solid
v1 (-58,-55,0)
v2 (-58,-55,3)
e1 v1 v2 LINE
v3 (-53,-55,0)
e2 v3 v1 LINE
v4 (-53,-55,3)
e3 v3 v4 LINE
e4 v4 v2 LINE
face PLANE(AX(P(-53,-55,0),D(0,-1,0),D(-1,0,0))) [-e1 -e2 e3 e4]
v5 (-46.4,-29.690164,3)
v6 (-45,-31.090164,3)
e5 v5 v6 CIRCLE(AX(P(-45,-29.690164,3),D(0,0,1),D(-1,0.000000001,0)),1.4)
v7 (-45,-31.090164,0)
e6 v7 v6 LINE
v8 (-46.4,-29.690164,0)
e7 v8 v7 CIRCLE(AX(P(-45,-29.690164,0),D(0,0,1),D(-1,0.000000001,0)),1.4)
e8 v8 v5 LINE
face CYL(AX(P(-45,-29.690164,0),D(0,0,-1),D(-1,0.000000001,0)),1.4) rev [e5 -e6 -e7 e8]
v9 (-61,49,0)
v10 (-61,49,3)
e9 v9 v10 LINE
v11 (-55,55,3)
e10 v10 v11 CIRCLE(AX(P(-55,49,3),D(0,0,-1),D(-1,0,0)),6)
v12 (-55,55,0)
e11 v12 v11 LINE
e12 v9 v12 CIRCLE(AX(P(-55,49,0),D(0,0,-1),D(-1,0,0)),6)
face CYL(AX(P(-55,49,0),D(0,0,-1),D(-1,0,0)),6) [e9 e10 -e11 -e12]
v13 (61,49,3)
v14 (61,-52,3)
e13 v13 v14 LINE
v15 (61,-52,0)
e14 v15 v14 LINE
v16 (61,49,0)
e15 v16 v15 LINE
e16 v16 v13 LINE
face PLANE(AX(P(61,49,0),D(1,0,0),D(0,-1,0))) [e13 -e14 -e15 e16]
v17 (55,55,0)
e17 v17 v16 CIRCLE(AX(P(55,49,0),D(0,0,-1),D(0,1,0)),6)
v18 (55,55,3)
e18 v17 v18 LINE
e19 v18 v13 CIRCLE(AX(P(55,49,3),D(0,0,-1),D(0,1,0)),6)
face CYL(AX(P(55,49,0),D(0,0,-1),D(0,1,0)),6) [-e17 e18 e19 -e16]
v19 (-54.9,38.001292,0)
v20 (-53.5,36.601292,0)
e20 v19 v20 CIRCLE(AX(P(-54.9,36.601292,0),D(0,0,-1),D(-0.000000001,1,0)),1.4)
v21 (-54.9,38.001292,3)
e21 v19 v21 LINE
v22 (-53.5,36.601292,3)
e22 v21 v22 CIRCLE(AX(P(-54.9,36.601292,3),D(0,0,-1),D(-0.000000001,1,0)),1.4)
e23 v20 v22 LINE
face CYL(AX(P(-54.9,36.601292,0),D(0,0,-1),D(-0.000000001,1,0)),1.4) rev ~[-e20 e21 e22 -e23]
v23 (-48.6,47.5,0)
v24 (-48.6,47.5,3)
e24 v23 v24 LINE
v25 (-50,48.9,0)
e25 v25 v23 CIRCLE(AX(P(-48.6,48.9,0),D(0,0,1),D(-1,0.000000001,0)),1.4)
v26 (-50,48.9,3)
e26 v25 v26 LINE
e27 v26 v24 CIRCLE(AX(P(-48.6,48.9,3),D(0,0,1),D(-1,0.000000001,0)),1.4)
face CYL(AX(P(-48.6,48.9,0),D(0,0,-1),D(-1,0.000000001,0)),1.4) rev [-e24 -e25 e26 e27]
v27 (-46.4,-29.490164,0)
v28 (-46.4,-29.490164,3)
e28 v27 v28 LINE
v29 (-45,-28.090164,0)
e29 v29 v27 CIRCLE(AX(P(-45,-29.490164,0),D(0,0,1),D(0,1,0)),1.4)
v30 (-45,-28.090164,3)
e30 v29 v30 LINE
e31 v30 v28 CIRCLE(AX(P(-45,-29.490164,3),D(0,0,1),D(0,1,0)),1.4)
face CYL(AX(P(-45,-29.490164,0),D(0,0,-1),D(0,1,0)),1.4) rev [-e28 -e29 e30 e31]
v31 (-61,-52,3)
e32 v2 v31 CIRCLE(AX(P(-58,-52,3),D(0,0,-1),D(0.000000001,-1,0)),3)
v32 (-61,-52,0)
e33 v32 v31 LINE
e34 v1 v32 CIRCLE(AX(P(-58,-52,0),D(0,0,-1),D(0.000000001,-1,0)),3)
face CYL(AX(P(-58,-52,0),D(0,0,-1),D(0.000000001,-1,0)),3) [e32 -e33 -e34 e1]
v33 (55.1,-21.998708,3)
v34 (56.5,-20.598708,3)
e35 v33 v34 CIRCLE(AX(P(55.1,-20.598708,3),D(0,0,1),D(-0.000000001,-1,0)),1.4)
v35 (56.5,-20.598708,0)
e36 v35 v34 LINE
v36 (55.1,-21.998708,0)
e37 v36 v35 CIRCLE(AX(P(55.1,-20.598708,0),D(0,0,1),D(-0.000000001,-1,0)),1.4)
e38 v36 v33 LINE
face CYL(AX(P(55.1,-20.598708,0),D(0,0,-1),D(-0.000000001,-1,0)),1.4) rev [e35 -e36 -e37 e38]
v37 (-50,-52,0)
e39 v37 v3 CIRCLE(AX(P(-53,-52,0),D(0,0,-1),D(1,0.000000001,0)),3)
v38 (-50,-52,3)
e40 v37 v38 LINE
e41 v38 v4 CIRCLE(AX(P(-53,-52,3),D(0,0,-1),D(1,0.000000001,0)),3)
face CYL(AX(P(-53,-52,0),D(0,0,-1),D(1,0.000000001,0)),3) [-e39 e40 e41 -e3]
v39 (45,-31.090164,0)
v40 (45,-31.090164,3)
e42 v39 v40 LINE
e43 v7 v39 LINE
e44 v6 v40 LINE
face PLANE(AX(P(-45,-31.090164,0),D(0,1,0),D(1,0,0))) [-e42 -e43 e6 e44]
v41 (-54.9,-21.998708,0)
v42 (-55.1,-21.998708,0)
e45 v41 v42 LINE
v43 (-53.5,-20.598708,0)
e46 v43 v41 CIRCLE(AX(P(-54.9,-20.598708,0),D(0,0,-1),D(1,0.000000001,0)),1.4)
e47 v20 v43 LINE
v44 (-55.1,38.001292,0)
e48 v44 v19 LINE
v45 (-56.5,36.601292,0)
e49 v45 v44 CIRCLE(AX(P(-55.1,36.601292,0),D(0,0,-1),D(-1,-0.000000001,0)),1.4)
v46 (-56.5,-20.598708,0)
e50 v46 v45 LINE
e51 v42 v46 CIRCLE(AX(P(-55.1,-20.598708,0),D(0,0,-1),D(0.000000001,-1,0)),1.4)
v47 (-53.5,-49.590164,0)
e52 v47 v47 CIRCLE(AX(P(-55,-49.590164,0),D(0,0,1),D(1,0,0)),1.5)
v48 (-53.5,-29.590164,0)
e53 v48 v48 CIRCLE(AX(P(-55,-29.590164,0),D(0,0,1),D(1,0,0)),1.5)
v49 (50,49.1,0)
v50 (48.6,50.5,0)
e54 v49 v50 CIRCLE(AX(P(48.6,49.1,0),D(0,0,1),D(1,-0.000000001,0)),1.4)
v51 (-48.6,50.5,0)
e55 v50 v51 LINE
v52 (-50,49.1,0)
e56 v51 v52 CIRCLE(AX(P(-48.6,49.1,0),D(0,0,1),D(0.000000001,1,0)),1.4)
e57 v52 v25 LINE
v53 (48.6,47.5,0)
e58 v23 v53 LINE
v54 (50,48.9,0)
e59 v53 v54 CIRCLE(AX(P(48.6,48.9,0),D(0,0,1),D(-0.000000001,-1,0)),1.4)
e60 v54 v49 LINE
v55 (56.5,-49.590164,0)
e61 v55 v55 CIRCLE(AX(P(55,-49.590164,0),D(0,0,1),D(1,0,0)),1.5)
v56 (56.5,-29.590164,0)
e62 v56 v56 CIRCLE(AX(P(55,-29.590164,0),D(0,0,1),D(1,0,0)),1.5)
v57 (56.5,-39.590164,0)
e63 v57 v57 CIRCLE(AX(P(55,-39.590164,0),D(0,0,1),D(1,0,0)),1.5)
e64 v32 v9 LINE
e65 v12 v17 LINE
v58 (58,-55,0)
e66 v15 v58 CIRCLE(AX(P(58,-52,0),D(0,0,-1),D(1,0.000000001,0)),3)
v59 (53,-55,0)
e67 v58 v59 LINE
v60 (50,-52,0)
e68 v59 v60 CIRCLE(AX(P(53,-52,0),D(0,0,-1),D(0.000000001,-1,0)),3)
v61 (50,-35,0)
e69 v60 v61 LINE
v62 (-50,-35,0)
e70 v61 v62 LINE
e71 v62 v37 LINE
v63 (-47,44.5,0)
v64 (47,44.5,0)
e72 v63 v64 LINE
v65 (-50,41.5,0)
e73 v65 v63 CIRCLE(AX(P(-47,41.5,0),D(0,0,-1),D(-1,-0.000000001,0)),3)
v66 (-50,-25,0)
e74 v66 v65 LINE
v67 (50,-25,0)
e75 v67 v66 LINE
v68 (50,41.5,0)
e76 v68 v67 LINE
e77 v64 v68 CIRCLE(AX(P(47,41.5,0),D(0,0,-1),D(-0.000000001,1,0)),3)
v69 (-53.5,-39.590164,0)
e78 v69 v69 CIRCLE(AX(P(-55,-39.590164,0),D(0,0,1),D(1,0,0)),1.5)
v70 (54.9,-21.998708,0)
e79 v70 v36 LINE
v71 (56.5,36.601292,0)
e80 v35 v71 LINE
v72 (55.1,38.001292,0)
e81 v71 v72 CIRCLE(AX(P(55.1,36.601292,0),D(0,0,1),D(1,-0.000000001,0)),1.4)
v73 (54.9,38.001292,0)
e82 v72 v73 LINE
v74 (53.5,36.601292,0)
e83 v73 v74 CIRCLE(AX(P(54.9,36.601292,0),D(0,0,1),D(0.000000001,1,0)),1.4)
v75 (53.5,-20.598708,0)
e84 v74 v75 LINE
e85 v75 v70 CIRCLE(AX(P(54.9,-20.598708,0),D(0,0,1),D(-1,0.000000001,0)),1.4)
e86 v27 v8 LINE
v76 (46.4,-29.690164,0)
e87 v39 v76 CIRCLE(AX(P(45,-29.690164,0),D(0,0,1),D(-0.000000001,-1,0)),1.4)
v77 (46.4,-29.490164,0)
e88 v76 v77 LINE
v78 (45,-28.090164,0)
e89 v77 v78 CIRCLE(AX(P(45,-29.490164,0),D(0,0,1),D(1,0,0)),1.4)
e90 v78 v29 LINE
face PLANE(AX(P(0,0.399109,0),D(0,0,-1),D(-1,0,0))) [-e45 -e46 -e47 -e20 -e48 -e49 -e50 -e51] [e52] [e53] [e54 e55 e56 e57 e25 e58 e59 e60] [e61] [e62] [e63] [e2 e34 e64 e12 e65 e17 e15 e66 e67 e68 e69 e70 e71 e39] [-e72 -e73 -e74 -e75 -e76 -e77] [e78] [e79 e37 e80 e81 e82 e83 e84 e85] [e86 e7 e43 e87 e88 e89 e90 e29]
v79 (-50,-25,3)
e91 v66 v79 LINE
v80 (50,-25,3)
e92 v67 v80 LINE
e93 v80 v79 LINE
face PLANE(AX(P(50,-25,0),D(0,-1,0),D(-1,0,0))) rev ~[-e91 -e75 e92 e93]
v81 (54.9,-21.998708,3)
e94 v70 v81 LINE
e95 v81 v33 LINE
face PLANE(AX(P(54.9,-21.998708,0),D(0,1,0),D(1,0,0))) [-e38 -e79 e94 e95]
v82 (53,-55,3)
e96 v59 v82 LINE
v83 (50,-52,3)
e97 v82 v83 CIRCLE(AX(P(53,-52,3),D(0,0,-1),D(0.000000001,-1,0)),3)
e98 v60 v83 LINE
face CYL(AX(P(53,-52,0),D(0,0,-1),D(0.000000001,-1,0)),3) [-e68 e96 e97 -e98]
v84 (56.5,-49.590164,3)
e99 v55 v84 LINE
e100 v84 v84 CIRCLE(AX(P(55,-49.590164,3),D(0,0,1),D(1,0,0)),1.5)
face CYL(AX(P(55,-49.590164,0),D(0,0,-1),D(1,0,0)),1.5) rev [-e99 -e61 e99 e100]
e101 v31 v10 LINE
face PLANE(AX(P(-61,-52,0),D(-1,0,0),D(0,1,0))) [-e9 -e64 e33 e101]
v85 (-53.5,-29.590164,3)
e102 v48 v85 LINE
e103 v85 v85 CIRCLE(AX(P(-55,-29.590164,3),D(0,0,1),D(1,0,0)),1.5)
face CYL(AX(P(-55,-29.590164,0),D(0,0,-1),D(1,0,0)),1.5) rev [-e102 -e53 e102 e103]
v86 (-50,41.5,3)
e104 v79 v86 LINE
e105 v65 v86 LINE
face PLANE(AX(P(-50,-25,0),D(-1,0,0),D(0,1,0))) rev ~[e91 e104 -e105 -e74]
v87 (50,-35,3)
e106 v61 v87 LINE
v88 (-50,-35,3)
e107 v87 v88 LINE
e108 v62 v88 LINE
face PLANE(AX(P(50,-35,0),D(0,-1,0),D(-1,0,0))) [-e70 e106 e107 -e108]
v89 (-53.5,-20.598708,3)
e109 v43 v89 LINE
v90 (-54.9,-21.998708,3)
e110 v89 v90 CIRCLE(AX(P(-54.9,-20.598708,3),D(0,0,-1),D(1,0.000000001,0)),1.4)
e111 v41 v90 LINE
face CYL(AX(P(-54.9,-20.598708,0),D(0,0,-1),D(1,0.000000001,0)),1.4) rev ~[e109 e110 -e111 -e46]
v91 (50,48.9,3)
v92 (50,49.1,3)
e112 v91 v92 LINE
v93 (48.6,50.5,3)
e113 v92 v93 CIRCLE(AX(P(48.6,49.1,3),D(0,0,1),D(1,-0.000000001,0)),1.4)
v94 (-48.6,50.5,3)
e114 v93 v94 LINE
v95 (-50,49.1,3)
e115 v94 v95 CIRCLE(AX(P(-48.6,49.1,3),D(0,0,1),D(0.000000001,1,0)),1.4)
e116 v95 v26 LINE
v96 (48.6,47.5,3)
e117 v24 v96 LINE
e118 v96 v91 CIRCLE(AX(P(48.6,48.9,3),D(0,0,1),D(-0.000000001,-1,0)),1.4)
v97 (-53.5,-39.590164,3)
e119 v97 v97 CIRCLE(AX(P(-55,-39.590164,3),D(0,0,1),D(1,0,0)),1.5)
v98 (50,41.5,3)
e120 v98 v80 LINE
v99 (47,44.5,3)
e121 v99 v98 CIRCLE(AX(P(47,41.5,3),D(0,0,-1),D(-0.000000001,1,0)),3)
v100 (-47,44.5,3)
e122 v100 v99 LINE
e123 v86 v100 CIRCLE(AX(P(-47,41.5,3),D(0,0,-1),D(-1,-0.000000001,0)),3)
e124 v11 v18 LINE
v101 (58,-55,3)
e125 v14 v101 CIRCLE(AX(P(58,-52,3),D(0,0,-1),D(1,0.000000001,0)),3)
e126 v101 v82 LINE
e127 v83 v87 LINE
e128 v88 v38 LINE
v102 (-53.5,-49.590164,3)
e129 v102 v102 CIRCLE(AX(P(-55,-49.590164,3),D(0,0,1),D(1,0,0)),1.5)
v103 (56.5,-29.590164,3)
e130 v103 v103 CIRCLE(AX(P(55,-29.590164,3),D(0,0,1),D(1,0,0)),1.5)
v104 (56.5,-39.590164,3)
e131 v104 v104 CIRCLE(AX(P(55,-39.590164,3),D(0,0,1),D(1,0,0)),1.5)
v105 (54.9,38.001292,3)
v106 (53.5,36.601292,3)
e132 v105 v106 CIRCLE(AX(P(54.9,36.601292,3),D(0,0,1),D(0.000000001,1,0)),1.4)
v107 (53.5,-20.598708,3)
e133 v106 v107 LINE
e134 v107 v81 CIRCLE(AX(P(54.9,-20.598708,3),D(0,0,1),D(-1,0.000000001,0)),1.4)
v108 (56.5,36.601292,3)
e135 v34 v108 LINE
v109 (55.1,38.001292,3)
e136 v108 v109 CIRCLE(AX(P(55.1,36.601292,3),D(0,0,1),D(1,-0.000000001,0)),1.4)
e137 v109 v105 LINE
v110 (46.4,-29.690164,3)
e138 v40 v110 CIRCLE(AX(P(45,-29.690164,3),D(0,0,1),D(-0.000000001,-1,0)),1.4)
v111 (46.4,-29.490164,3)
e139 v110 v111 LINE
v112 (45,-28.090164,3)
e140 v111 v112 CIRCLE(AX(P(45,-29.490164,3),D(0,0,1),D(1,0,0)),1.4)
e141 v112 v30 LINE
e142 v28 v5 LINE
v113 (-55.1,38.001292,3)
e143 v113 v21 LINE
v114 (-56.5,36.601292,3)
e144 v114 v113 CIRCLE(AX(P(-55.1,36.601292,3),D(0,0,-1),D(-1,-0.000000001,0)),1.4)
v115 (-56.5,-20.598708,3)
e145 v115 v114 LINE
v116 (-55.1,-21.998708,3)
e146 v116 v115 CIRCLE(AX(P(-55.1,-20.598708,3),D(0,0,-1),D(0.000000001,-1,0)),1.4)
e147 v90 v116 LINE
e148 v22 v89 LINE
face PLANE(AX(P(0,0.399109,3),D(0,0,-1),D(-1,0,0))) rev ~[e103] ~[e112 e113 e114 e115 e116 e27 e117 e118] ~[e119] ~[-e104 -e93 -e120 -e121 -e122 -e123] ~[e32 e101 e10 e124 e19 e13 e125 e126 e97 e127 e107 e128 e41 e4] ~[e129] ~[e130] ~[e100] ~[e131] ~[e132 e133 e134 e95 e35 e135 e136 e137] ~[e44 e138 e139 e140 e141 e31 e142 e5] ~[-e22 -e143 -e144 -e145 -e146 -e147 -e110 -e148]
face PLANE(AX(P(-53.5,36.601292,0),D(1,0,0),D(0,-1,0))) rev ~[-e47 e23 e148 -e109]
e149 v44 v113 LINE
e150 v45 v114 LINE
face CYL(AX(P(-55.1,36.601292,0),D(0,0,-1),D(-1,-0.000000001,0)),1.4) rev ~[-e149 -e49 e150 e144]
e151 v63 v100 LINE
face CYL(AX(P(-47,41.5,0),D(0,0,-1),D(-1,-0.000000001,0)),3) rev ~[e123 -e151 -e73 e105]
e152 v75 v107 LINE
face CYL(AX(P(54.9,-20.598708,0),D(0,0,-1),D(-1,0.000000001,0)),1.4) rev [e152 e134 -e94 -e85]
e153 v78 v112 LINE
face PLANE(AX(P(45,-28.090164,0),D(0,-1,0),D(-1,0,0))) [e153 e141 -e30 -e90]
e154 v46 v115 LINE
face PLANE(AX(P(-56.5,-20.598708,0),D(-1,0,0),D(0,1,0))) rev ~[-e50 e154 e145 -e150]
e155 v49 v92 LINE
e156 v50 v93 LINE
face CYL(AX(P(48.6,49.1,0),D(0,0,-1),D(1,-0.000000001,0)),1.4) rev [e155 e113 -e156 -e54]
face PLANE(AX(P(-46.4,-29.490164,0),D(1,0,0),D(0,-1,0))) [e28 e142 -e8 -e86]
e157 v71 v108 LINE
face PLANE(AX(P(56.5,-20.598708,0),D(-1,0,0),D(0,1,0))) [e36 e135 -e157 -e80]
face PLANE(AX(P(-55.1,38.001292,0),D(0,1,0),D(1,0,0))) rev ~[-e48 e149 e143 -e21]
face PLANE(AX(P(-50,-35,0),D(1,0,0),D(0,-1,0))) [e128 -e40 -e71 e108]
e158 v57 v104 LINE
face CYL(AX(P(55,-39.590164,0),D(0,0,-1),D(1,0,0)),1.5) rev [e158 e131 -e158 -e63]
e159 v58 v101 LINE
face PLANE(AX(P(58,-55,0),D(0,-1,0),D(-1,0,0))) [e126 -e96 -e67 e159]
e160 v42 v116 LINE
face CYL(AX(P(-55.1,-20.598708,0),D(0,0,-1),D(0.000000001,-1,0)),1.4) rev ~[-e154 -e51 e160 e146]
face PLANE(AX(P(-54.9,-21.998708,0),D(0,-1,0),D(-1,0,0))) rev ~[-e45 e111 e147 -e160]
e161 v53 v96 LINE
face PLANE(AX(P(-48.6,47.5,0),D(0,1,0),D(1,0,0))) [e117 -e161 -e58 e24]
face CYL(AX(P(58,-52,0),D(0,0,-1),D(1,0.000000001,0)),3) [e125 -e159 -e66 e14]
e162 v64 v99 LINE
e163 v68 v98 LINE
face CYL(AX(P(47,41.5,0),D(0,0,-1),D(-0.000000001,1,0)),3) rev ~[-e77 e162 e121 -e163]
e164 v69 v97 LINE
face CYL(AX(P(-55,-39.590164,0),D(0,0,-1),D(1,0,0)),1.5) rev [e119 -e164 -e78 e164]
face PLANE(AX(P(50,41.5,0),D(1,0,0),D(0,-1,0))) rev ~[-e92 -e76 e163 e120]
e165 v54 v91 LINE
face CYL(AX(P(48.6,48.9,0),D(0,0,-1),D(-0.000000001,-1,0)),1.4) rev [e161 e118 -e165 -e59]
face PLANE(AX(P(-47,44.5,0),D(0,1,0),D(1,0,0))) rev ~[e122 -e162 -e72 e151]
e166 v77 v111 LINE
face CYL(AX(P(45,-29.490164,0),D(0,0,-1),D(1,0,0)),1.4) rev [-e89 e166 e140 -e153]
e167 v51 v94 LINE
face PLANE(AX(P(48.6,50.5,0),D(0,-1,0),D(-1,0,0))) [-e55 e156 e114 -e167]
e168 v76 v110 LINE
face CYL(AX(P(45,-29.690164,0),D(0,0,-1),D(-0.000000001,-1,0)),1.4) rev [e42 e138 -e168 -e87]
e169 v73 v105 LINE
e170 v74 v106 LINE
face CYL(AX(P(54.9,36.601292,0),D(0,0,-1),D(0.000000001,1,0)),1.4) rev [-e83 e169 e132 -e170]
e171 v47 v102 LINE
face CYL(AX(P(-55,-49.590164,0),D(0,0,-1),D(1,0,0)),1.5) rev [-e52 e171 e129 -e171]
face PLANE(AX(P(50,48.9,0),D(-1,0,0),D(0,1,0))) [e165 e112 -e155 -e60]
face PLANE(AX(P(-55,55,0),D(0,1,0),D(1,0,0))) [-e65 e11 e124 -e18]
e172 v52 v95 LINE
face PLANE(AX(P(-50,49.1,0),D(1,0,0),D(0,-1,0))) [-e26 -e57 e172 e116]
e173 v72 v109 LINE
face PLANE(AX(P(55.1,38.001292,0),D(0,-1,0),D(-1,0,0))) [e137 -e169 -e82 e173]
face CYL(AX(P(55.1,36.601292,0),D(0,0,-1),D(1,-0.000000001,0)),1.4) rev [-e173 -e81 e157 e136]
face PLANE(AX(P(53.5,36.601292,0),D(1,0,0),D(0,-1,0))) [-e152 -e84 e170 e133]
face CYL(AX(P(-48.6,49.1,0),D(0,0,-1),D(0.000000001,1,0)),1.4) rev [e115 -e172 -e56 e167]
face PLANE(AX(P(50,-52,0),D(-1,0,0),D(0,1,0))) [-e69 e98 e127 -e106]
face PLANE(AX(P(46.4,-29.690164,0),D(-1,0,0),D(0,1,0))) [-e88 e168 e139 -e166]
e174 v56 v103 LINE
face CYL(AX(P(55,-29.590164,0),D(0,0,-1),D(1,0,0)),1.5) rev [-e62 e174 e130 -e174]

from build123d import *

# Parameters (mm, degrees)
SKETCH1_R           = 1.5
BOSS_EXTRUDE1_DEPTH = 3


with BuildPart() as part:
    # Sketch1 → Boss-Extrude1 (new body)
    with BuildSketch(Plane.XY):
        with BuildLine():
            Line((-61, -52), (-61, 49))
            ThreePointArc((-61, 49), (-59.242640687, 53.242640687), (-55, 55))
            Line((-55, 55), (55, 55))
            ThreePointArc((55, 55), (59.242640687, 53.242640687), (61, 49))
            Line((61, 49), (61, -52))
            ThreePointArc((61, -52), (60.121320344, -54.121320344), (58, -55))
            Line((58, -55), (53, -55))
            ThreePointArc((53, -55), (50.878679656, -54.121320344), (50, -52))
            Line((50, -52), (50, -35))
            Line((50, -35), (-50, -35))
            Line((-50, -35), (-50, -52))
            ThreePointArc((-50, -52), (-50.878679656, -54.121320344), (-53, -55))
            Line((-53, -55), (-58, -55))
            ThreePointArc((-58, -55), (-60.121320344, -54.121320344), (-61, -52))
        make_face()
        with Locations((-55, -49.590163934)):
            Circle(SKETCH1_R, mode=Mode.SUBTRACT)
        with Locations((55, -49.590163934)):
            Circle(SKETCH1_R, mode=Mode.SUBTRACT)
        with Locations((-55, -39.590163934)):
            Circle(SKETCH1_R, mode=Mode.SUBTRACT)
        with Locations((-55, -29.590163934)):
            Circle(SKETCH1_R, mode=Mode.SUBTRACT)
        with Locations((55, -39.590163934)):
            Circle(SKETCH1_R, mode=Mode.SUBTRACT)
        with Locations((55, -29.590163934)):
            Circle(SKETCH1_R, mode=Mode.SUBTRACT)
        with BuildLine():
            Line((-47, 44.5), (47, 44.5))
            ThreePointArc((47, 44.5), (49.121320344, 43.621320344), (50, 41.5))
            Line((50, 41.5), (50, -25))
            Line((50, -25), (-50, -25))
            Line((-50, -25), (-50, 41.5))
            ThreePointArc((-50, 41.5), (-49.121320344, 43.621320344), (-47, 44.5))
        make_face(mode=Mode.SUBTRACT)
        with BuildLine():
            Line((48.6, 50.5), (-48.6, 50.5))
            ThreePointArc((-48.6, 50.5), (-49.589949494, 50.089949494), (-50, 49.1))
            Line((-50, 49.1), (-50, 48.9))
            ThreePointArc((-50, 48.9), (-49.589949494, 47.910050506), (-48.6, 47.5))
            Line((-48.6, 47.5), (48.6, 47.5))
            ThreePointArc((48.6, 47.5), (49.589949494, 47.910050506), (50, 48.9))
            Line((50, 48.9), (50, 49.1))
            ThreePointArc((50, 49.1), (49.589949494, 50.089949494), (48.6, 50.5))
        make_face(mode=Mode.SUBTRACT)
        with BuildLine():
            Line((-55.1, 38.001292496), (-54.9, 38.001292496))
            ThreePointArc((-54.9, 38.001292496), (-53.910050506, 37.59124199), (-53.5, 36.601292496))
            Line((-53.5, 36.601292496), (-53.5, -20.598707504))
            ThreePointArc((-53.5, -20.598707504), (-53.910050506, -21.588656998), (-54.9, -21.998707504))
            Line((-54.9, -21.998707504), (-55.1, -21.998707504))
            ThreePointArc((-55.1, -21.998707504), (-56.089949494, -21.588656998), (-56.5, -20.598707504))
            Line((-56.5, -20.598707504), (-56.5, 36.601292496))
            ThreePointArc((-56.5, 36.601292496), (-56.089949494, 37.59124199), (-55.1, 38.001292496))
        make_face(mode=Mode.SUBTRACT)
        with BuildLine():
            Line((55.1, 38.001292496), (54.9, 38.001292496))
            ThreePointArc((54.9, 38.001292496), (53.910050506, 37.59124199), (53.5, 36.601292496))
            Line((53.5, 36.601292496), (53.5, -20.598707504))
            ThreePointArc((53.5, -20.598707504), (53.910050506, -21.588656998), (54.9, -21.998707504))
            Line((54.9, -21.998707504), (55.1, -21.998707504))
            ThreePointArc((55.1, -21.998707504), (56.089949494, -21.588656998), (56.5, -20.598707504))
            Line((56.5, -20.598707504), (56.5, 36.601292496))
            ThreePointArc((56.5, 36.601292496), (56.089949494, 37.59124199), (55.1, 38.001292496))
        make_face(mode=Mode.SUBTRACT)
        with BuildLine():
            Line((45, -28.090163934), (-45, -28.090163934))
            ThreePointArc((-45, -28.090163934), (-45.989949494, -28.500214441), (-46.4, -29.490163934))
            Line((-46.4, -29.490163934), (-46.4, -29.690163934))
            ThreePointArc((-46.4, -29.690163934), (-45.989949494, -30.680113428), (-45, -31.090163934))
            Line((-45, -31.090163934), (45, -31.090163934))
            ThreePointArc((45, -31.090163934), (45.989949494, -30.680113428), (46.4, -29.690163934))
            Line((46.4, -29.690163934), (46.4, -29.490163934))
            ThreePointArc((46.4, -29.490163934), (45.989949494, -28.500214441), (45, -28.090163934))
        make_face(mode=Mode.SUBTRACT)
    extrude(amount=BOSS_EXTRUDE1_DEPTH)


solid = part.part
